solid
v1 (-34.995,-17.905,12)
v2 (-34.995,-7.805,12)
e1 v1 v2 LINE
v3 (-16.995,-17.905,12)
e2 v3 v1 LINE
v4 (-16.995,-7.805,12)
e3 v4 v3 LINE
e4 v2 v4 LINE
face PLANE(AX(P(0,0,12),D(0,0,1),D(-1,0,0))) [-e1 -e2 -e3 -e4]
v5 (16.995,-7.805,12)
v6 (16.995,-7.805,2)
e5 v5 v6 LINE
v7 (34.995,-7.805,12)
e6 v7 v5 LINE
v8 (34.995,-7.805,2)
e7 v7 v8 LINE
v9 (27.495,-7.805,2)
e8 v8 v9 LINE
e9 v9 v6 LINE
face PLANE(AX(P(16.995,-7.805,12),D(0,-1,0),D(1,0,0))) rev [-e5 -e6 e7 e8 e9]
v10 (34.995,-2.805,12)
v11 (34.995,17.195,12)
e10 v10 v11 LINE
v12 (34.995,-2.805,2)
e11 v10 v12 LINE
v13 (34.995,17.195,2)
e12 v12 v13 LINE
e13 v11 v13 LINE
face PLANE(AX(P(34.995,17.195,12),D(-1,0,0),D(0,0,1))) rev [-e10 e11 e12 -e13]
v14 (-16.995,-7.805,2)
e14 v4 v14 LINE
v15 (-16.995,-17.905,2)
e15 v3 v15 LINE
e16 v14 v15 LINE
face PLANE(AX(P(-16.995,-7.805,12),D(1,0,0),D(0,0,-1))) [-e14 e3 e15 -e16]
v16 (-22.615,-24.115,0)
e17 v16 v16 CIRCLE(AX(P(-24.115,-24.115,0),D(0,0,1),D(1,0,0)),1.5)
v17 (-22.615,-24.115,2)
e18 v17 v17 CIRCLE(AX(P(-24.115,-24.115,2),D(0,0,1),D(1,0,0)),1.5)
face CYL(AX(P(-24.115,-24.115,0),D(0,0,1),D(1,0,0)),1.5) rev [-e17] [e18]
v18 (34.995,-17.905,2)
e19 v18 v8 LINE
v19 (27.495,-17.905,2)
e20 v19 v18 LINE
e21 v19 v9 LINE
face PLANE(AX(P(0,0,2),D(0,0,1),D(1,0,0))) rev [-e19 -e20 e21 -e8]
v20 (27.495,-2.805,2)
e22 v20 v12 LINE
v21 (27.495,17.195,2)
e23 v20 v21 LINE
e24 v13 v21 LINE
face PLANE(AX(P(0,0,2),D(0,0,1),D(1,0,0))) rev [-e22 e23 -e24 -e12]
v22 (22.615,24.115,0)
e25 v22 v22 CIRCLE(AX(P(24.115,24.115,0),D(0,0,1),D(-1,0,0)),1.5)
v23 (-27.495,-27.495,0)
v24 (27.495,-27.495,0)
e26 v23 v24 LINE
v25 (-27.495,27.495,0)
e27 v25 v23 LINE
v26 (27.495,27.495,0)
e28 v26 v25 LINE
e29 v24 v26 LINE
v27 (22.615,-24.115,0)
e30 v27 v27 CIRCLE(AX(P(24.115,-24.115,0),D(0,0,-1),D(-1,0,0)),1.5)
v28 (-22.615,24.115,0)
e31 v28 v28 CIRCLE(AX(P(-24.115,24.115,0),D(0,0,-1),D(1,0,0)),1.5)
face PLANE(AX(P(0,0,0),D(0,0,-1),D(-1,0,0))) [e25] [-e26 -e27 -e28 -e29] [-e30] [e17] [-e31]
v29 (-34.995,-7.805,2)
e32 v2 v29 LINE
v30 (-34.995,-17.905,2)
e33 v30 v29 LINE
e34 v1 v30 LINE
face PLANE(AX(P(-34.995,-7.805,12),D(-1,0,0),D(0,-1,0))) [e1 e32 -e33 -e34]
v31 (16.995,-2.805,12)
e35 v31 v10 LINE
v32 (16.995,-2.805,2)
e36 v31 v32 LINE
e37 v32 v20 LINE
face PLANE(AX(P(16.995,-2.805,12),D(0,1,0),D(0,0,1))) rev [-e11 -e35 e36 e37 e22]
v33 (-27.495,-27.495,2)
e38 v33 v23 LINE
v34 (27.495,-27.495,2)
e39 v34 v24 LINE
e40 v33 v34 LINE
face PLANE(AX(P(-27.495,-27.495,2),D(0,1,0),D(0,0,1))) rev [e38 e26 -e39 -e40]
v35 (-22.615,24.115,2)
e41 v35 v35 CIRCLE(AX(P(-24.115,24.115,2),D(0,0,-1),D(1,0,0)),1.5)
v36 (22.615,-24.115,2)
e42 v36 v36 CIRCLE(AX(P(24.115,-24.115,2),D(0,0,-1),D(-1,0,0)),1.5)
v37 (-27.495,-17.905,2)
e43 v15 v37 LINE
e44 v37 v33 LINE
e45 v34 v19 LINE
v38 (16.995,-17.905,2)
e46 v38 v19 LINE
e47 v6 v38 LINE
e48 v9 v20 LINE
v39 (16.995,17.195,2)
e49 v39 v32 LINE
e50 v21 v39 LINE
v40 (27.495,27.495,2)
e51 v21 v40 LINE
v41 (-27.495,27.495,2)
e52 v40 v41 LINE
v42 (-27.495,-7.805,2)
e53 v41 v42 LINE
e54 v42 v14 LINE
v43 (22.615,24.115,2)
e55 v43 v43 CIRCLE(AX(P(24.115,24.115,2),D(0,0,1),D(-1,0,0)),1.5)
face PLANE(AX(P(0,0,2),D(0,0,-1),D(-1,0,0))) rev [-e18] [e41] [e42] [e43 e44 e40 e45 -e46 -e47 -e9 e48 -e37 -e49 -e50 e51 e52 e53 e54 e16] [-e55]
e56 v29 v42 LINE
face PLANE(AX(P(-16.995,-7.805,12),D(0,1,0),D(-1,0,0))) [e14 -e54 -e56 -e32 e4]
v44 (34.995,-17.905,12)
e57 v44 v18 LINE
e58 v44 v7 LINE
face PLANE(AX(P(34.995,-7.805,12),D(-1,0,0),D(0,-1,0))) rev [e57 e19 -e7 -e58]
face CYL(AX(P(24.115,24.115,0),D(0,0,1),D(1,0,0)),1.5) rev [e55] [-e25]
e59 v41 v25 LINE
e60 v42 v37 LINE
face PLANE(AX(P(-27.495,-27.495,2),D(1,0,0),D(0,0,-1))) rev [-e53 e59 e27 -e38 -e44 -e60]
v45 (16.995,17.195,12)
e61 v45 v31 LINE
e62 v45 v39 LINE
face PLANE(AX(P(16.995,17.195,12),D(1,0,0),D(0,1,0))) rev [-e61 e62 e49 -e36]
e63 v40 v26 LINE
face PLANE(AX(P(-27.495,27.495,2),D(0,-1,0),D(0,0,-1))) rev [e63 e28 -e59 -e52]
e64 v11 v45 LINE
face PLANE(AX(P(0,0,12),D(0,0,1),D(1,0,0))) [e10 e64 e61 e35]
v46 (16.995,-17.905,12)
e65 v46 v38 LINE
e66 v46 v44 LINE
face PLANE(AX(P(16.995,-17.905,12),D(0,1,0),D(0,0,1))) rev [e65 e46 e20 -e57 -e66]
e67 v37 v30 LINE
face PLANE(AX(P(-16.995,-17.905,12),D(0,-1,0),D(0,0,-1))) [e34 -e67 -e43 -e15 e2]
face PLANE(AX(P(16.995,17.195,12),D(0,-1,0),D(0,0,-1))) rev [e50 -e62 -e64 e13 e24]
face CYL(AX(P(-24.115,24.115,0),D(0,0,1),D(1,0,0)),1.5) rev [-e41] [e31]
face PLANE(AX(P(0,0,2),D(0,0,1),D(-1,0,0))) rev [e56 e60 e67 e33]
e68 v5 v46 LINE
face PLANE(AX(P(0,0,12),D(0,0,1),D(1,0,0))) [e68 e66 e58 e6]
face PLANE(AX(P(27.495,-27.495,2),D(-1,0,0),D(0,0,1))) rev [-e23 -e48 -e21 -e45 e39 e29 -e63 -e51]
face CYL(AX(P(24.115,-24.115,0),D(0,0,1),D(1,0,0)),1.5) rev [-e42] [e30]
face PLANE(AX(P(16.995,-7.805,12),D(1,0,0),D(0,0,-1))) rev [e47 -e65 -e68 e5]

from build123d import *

# Parameters (mm, degrees)
SKETCH_2_W               = 54.99
SKETCH_2_H               = 54.99
EXTRUDE_1_DEPTH          = 2
SKETCH_3_R               = 1.5
CUT_EXTRUDE_1_DEPTH      = 39.935203223
MIRROR_2_COPY_1_SKETCH_R = 1.5
MIRROR_2_COPY_1_DEPTH    = 39.935203223
MIRROR_2_COPY_2_SKETCH_R = 1.5
MIRROR_2_COPY_2_DEPTH    = 39.935203223
SKETCH_4_W               = 18
SKETCH_4_H               = 20
EXTRUDE_2_DEPTH          = 10
SKETCH_5_W               = 18
SKETCH_5_H               = 10.1
EXTRUDE_3_DEPTH          = 10


with BuildPart() as part:
    # 草圖2 → 填料-伸長1 (new body)
    with BuildSketch(Plane.XY):
        Rectangle(SKETCH_2_W, SKETCH_2_H)
    extrude(amount=EXTRUDE_1_DEPTH)

    # 草圖3 → 除料-伸長1 (cut, through all)
    with BuildSketch(Plane.XY.offset(2)):
        with Locations((-24.115, -24.115)):
            Circle(SKETCH_3_R)
    cut_extrude_1 = extrude(amount=-CUT_EXTRUDE_1_DEPTH, mode=Mode.SUBTRACT)

    # 鏡射1: 除料-伸長1 across plane
    add(cut_extrude_1.mirror(Plane.ZX), mode=Mode.SUBTRACT)

    # 鏡射2 copy 1 sketch → 鏡射2 copy 1 (cut, through all)
    with BuildSketch(Plane(origin=(0, 0, 2), x_dir=(-1, 0, 0), z_dir=(0, 0, 1))):
        with Locations((-24.115, -24.115)):
            Circle(MIRROR_2_COPY_1_SKETCH_R)
    extrude(amount=-MIRROR_2_COPY_1_DEPTH, mode=Mode.SUBTRACT)

    # 鏡射2 copy 2 sketch → 鏡射2 copy 2 (cut, through all)
    with BuildSketch(Plane(origin=(0, 0, 2), x_dir=(-1, 0, 0), z_dir=(0, 0, 1))):
        with Locations((-24.115, 24.115)):
            Circle(MIRROR_2_COPY_2_SKETCH_R)
    extrude(amount=-MIRROR_2_COPY_2_DEPTH, mode=Mode.SUBTRACT)

    # 草圖4 → 填料-伸長2 (add)
    with BuildSketch(Plane.XY.offset(2)):
        with Locations((25.995, 7.195)):
            Rectangle(SKETCH_4_W, SKETCH_4_H)
    extrude(amount=EXTRUDE_2_DEPTH)

    # 草圖5 → 填料-伸長3 (add)
    with BuildSketch(Plane.XY.offset(2)):
        with Locations((25.995, -12.855)):
            Rectangle(SKETCH_5_W, SKETCH_5_H)
    extrude_3 = extrude(amount=EXTRUDE_3_DEPTH)

    # 鏡射3: 填料-伸長3 across plane
    add(extrude_3.mirror(Plane(origin=(0, 0, 0), x_dir=(0, 0, 1), z_dir=(1, 0, 0))))


solid = part.part
